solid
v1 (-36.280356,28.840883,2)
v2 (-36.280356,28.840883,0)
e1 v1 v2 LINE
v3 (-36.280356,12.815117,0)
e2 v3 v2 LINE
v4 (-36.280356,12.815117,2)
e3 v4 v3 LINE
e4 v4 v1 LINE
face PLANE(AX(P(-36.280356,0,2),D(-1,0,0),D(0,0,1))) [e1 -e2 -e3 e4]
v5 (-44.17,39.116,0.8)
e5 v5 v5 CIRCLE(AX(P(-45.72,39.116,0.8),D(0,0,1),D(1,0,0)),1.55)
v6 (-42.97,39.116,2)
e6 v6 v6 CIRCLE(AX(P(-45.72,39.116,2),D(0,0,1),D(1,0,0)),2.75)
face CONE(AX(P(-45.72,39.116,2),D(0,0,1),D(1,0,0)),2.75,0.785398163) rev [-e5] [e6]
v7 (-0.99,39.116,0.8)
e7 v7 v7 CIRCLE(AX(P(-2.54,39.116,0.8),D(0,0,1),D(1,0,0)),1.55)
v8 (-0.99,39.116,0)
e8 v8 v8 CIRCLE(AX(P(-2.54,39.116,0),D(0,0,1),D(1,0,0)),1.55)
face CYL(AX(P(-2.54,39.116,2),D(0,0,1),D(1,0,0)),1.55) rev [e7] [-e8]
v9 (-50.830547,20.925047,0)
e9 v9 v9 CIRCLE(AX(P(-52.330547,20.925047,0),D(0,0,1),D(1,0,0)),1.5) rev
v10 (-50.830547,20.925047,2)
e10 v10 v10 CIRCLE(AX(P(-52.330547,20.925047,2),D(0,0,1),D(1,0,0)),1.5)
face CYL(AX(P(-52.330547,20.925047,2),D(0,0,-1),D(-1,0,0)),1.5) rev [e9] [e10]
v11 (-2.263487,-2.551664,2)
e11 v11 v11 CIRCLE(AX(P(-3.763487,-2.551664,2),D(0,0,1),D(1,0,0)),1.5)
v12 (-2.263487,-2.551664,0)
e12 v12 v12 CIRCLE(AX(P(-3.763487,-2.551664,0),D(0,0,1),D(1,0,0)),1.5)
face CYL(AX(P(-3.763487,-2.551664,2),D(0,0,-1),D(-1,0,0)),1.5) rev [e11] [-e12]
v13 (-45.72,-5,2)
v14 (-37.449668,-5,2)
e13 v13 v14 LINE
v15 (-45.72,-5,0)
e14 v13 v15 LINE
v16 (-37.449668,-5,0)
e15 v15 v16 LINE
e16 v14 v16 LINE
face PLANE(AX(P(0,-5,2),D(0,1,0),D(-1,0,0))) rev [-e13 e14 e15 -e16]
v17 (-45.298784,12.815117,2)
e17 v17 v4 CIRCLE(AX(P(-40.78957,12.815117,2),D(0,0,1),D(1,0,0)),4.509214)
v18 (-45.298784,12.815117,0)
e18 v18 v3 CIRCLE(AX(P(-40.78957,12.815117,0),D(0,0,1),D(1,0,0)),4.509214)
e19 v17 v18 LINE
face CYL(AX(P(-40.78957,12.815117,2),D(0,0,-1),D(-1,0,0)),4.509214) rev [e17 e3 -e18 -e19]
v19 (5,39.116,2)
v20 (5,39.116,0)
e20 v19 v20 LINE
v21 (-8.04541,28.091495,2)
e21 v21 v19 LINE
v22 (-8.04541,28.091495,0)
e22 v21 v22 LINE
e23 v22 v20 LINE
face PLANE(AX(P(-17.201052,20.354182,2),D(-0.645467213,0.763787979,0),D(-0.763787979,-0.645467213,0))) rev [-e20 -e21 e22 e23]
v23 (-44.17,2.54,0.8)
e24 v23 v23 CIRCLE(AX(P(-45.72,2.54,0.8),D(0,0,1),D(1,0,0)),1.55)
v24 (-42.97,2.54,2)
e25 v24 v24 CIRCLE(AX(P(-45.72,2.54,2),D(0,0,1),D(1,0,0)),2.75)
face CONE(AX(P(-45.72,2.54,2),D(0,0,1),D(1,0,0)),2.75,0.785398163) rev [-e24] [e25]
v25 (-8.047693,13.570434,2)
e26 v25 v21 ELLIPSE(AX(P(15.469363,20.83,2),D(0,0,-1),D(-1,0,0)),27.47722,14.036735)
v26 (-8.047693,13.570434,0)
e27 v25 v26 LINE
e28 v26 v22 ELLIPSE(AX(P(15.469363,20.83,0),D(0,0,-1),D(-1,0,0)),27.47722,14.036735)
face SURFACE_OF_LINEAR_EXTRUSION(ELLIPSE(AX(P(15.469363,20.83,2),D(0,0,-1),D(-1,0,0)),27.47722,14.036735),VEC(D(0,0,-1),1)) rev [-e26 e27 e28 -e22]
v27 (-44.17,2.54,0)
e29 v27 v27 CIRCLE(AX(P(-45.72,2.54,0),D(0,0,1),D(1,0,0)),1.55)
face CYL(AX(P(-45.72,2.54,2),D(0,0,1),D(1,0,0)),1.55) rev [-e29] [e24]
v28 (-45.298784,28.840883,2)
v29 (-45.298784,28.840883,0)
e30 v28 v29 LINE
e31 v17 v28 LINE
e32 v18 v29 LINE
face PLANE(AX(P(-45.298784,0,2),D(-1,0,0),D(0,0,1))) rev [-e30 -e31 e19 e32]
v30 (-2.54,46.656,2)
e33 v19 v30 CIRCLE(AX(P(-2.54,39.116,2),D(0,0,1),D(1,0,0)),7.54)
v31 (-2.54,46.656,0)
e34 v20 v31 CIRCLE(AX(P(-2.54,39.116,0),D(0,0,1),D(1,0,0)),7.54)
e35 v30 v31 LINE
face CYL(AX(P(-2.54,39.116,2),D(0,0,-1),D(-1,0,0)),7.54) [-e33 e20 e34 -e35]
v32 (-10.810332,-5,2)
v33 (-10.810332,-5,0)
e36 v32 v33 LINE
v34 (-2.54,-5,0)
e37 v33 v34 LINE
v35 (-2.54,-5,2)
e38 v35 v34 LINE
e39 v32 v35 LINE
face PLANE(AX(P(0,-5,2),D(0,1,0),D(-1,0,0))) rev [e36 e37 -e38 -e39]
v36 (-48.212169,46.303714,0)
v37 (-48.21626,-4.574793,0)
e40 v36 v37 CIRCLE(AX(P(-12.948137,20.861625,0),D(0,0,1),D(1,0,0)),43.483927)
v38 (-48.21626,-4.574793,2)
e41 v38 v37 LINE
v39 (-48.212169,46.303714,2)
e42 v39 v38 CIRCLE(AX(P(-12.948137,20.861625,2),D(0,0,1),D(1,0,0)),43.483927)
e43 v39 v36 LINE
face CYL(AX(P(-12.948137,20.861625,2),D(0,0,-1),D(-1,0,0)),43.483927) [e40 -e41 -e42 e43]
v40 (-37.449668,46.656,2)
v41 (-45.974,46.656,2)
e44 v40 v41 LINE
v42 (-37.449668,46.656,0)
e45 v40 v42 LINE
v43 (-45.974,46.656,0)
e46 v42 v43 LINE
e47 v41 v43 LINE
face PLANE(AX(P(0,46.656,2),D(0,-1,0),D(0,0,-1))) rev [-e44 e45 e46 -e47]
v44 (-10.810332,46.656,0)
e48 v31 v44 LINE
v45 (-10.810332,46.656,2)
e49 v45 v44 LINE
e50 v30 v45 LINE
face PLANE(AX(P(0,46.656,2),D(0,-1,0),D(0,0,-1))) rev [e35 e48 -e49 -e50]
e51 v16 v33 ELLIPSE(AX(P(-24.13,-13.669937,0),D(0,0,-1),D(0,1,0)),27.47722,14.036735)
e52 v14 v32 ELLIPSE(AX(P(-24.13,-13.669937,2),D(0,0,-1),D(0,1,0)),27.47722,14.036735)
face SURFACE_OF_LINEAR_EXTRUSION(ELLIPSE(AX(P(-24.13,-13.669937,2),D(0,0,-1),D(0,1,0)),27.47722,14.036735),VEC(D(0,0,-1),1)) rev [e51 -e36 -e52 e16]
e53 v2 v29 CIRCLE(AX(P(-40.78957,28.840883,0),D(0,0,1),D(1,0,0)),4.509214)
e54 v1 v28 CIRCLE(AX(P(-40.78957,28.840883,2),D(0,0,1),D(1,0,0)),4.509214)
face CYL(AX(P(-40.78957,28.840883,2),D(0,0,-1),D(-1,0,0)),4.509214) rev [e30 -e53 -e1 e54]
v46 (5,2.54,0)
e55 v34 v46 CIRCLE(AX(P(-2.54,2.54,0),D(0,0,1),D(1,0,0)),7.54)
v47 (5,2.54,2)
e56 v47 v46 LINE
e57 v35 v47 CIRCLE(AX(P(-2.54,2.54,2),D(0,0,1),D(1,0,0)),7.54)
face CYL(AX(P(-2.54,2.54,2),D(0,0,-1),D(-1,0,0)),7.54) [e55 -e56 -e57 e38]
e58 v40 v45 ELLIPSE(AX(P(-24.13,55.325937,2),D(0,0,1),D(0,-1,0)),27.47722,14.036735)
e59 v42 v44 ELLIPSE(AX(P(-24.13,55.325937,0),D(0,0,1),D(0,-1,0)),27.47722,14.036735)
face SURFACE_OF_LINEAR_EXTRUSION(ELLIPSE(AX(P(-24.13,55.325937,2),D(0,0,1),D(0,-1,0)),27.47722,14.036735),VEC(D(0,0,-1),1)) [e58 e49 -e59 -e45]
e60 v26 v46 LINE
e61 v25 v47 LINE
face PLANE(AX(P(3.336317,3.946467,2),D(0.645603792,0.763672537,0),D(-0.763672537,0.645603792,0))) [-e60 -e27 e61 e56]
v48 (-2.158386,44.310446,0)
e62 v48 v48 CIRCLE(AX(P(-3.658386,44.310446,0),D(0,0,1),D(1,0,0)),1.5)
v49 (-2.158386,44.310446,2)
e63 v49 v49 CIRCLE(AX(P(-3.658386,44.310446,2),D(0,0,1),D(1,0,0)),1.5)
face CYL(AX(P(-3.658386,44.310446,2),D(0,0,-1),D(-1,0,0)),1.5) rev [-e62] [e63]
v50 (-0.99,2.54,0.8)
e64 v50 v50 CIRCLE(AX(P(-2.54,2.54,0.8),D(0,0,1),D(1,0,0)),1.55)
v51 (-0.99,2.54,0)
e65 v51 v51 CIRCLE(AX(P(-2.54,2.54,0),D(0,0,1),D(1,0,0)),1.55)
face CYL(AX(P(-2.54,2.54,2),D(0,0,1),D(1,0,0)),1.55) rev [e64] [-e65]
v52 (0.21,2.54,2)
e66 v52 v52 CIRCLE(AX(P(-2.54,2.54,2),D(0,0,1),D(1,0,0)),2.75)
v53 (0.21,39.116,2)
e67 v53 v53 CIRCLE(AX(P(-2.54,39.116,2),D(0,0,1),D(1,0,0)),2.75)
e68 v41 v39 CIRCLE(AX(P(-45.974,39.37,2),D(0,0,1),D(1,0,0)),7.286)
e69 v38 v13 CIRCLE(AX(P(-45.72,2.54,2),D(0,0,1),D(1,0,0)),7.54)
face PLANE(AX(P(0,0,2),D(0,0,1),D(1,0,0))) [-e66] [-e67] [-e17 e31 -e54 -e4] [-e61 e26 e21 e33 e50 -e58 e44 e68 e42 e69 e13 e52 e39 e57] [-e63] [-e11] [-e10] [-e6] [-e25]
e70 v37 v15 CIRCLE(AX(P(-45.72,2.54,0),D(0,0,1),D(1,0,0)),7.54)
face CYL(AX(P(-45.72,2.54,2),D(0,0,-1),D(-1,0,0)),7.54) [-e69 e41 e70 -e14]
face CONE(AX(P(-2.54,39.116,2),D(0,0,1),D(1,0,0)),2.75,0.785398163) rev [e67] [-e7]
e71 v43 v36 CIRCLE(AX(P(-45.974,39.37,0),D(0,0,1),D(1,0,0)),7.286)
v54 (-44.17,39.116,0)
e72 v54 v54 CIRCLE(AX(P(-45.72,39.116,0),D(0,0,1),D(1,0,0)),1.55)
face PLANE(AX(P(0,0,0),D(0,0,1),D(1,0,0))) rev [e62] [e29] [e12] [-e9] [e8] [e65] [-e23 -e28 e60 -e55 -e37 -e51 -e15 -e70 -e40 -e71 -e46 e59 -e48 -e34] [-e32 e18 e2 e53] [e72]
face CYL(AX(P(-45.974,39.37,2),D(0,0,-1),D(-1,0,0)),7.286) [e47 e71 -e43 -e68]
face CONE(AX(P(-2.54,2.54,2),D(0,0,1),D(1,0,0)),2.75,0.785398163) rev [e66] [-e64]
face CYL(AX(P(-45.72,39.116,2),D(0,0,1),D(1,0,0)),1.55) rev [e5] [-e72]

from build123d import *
from build123d.topology import SkipClean

# Parameters (mm, degrees)
BOSS_EXTRU_1_DEPTH                         = 2
FRAISAGE_POUR_VIS_T_TE_FRAIS_E_BOM_2_COUNT = 2
FRAISAGE_POUR_VIS_T_TE_FRAIS_E_BOM_2_PITCH = 36.576
FRAISAGE_POUR_VIS_T_TE_FRAIS_E_BOM_3_COUNT = 2
FRAISAGE_POUR_VIS_T_TE_FRAIS_E_BOM_3_PITCH = 56.589011089
FRAISAGE_POUR_VIS_T_TE_FRAIS_E_BOM_4_COUNT = 2
FRAISAGE_POUR_VIS_T_TE_FRAIS_E_BOM_4_PITCH = 43.18
ESQUISSE15_R                               = 1.5
ENL_V_MAT_EXTRU_5_DEPTH                    = 2
BOSS_EXTRU_3_DEPTH                         = 2
ENL_V_MAT_EXTRU_4_DEPTH                    = 2


with BuildPart() as part:
    # Esquisse1 → Boss.-Extru.1 (new body)
    with BuildSketch(Plane.XY):
        with BuildLine():
            Line((5, 2.54), (5, 39.116))
            ThreePointArc((5, 39.116), (2.79158513, 44.44758513), (-2.54, 46.656))
            Line((-2.54, 46.656), (-45.974, 46.656))
            ThreePointArc((-45.974, 46.656), (-51.125980008, 44.521980008), (-53.26, 39.37))
            Line((-53.26, 39.37), (-53.26, 2.54))
            ThreePointArc((-53.26, 2.54), (-51.05158513, -2.79158513), (-45.72, -5))
            Line((-45.72, -5), (-2.54, -5))
            ThreePointArc((-2.54, -5), (2.79158513, -2.79158513), (5, 2.54))
        make_face()
    extrude(amount=BOSS_EXTRU_1_DEPTH)

    # Esquisse16 → Fraisage pour vis à tête fraisée bombée M2.51 (revolve, cut)
    with BuildSketch(Plane(origin=(-2.54, 2.54, 2), x_dir=(0, -1, 0), z_dir=(1, 0, 0))):
        Polygon((0, 0), (0, 2), (1.55, 2), (1.55, 1.2), (2.75, 0), align=None)
    fraisage_pour_vis_t_te_frais_e_bomb_e = revolve(axis=Axis((-2.54, 2.54, 8.35), (0, 0, -1)), mode=Mode.SUBTRACT)

    # Fraisage pour vis _ t_te frais_e bom 2: Fraisage pour vis à tête fraisée bombée M2.51 ×2
    with Locations(*[(0, i * FRAISAGE_POUR_VIS_T_TE_FRAIS_E_BOM_2_PITCH, 0) for i in range(1, FRAISAGE_POUR_VIS_T_TE_FRAIS_E_BOM_2_COUNT)]):
        add(fraisage_pour_vis_t_te_frais_e_bomb_e, mode=Mode.SUBTRACT)

    # Fraisage pour vis _ t_te frais_e bom 3: Fraisage pour vis à tête fraisée bombée M2.51 ×2
    with Locations(*[Vector(-0.7630456721058034, 0.6463445693131512, 0) * (i * FRAISAGE_POUR_VIS_T_TE_FRAIS_E_BOM_3_PITCH) for i in range(1, FRAISAGE_POUR_VIS_T_TE_FRAIS_E_BOM_3_COUNT)]):
        add(fraisage_pour_vis_t_te_frais_e_bomb_e, mode=Mode.SUBTRACT)

    # Fraisage pour vis _ t_te frais_e bom 4: Fraisage pour vis à tête fraisée bombée M2.51 ×2
    with Locations(*[(-i * FRAISAGE_POUR_VIS_T_TE_FRAIS_E_BOM_4_PITCH, 0, 0) for i in range(1, FRAISAGE_POUR_VIS_T_TE_FRAIS_E_BOM_4_COUNT)]):
        add(fraisage_pour_vis_t_te_frais_e_bomb_e, mode=Mode.SUBTRACT)

    # Esquisse15 → Enlèv. mat.-Extru.5 (cut)
    with BuildSketch(Plane.XY):
        with Locations((-3.658386169, 44.310446006)):
            Circle(ESQUISSE15_R)
        with Locations((-52.330547462, 20.925047052)):
            Circle(ESQUISSE15_R)
        with Locations((-3.763486561, -2.551663742)):
            Circle(ESQUISSE15_R)
    extrude(amount=ENL_V_MAT_EXTRU_5_DEPTH, mode=Mode.SUBTRACT)

    # Esquisse14 → Boss.-Extru.3 (add)
    with BuildSketch(Plane.XY):
        with BuildLine():
            Line((-53.26, 22.10238217), (-53.26, 37.165169918))
            ThreePointArc((-53.26, 37.165169918), (-53.588975101, 36.32688135), (-53.900520078, 35.481960013))
            ThreePointArc((-53.900520078, 35.481960013), (-56.432053148, 20.831365998), (-53.880132923, 6.184309371))
            ThreePointArc((-53.880132923, 6.184309371), (-53.578203562, 5.368091645), (-53.26, 4.558079787))
            Line((-53.26, 4.558079787), (-53.26, 19.747711934))
            ThreePointArc((-53.26, 19.747711934), (-53.830547462, 20.925047052), (-53.26, 22.10238217))
        make_face()
    extrude(amount=BOSS_EXTRU_3_DEPTH)

    # Esquisse14<5> → Enlèv. mat.-Extru.4 (cut)
    with SkipClean():  # the faces are left unmerged after this step: merging them gives an invalid solid
        with BuildSketch(Plane.XY):
            with BuildLine():
                ThreePointArc((-53.26, 37.165169918), (-51.011337475, 41.886482774), (-48.212169147, 46.303714363))
                ThreePointArc((-48.212169147, 46.303714363), (-51.69919041, 43.876438812), (-53.239451379, 39.916820138))
                Line((-53.239451379, 39.916820138), (-53.900520078, 35.481960013))
                ThreePointArc((-53.900520078, 35.481960013), (-53.588975101, 36.32688135), (-53.26, 37.165169918))
            make_face()
            with BuildLine():
                add(Edge.make_bspline(
                    [(-37.449667929, 46.656), (-24.13, -31.756310028), (-10.810332071, 46.656)],
                    knots=[5.033406034, 5.033406034, 5.033406034, 7.53296458, 7.53296458, 7.53296458], degree=2, weights=[1, 0.315531822, 1]))
                Line((-10.810332071, 46.656), (-37.449667929, 46.656))
            make_face()
            with BuildLine():
                Line((-37.449667929, -5), (-10.810332071, -5))
                add(Edge.make_bspline(
                    [(-10.810332071, -5), (-24.13, 73.412310028), (-37.449667929, -5)],
                    knots=[5.033406034, 5.033406034, 5.033406034, 7.53296458, 7.53296458, 7.53296458], degree=2, weights=[1, 0.315531822, 1]))
            make_face()
            with BuildLine():
                ThreePointArc((-53.210302169, 1.675723757), (-51.610678888, -2.166538244), (-48.2162601, -4.574793427))
                ThreePointArc((-48.2162601, -4.574793427), (-51.013027883, -0.160172479), (-53.26, 4.558079787))
                ThreePointArc((-53.26, 4.558079787), (-53.578203562, 5.368091645), (-53.880132923, 6.184309371))
                Line((-53.880132923, 6.184309371), (-53.210302169, 1.675723757))
            make_face()
            with BuildLine():
                Line((-36.280356092, 12.815116729), (-36.280356092, 28.840883271))
                ThreePointArc((-36.280356092, 28.840883271), (-40.789570049, 33.350097228), (-45.298784007, 28.840883271))
                Line((-45.298784007, 28.840883271), (-45.298784007, 12.815116729))
                ThreePointArc((-45.298784007, 12.815116729), (-40.789570049, 8.305902772), (-36.280356092, 12.815116729))
            make_face()
            with BuildLine():
                Line((5, 39.116), (-8.045410448, 28.091494556))
                add(Edge.make_bspline(
                    [(-8.045410448, 28.091494556), (-16.636453297, 20.831316808), (-8.047692631, 13.570434437)],
                    knots=[5.739468015, 5.739468015, 5.739468015, 6.826742025, 6.826742025, 6.826742025], degree=2, weights=[1, 0.855833098, 1]))
                Line((-8.047692631, 13.570434437), (5, 2.54))
                Line((5, 2.54), (5, 39.116))
            make_face()
        extrude(amount=ENL_V_MAT_EXTRU_4_DEPTH, mode=Mode.SUBTRACT)


solid = part.part
